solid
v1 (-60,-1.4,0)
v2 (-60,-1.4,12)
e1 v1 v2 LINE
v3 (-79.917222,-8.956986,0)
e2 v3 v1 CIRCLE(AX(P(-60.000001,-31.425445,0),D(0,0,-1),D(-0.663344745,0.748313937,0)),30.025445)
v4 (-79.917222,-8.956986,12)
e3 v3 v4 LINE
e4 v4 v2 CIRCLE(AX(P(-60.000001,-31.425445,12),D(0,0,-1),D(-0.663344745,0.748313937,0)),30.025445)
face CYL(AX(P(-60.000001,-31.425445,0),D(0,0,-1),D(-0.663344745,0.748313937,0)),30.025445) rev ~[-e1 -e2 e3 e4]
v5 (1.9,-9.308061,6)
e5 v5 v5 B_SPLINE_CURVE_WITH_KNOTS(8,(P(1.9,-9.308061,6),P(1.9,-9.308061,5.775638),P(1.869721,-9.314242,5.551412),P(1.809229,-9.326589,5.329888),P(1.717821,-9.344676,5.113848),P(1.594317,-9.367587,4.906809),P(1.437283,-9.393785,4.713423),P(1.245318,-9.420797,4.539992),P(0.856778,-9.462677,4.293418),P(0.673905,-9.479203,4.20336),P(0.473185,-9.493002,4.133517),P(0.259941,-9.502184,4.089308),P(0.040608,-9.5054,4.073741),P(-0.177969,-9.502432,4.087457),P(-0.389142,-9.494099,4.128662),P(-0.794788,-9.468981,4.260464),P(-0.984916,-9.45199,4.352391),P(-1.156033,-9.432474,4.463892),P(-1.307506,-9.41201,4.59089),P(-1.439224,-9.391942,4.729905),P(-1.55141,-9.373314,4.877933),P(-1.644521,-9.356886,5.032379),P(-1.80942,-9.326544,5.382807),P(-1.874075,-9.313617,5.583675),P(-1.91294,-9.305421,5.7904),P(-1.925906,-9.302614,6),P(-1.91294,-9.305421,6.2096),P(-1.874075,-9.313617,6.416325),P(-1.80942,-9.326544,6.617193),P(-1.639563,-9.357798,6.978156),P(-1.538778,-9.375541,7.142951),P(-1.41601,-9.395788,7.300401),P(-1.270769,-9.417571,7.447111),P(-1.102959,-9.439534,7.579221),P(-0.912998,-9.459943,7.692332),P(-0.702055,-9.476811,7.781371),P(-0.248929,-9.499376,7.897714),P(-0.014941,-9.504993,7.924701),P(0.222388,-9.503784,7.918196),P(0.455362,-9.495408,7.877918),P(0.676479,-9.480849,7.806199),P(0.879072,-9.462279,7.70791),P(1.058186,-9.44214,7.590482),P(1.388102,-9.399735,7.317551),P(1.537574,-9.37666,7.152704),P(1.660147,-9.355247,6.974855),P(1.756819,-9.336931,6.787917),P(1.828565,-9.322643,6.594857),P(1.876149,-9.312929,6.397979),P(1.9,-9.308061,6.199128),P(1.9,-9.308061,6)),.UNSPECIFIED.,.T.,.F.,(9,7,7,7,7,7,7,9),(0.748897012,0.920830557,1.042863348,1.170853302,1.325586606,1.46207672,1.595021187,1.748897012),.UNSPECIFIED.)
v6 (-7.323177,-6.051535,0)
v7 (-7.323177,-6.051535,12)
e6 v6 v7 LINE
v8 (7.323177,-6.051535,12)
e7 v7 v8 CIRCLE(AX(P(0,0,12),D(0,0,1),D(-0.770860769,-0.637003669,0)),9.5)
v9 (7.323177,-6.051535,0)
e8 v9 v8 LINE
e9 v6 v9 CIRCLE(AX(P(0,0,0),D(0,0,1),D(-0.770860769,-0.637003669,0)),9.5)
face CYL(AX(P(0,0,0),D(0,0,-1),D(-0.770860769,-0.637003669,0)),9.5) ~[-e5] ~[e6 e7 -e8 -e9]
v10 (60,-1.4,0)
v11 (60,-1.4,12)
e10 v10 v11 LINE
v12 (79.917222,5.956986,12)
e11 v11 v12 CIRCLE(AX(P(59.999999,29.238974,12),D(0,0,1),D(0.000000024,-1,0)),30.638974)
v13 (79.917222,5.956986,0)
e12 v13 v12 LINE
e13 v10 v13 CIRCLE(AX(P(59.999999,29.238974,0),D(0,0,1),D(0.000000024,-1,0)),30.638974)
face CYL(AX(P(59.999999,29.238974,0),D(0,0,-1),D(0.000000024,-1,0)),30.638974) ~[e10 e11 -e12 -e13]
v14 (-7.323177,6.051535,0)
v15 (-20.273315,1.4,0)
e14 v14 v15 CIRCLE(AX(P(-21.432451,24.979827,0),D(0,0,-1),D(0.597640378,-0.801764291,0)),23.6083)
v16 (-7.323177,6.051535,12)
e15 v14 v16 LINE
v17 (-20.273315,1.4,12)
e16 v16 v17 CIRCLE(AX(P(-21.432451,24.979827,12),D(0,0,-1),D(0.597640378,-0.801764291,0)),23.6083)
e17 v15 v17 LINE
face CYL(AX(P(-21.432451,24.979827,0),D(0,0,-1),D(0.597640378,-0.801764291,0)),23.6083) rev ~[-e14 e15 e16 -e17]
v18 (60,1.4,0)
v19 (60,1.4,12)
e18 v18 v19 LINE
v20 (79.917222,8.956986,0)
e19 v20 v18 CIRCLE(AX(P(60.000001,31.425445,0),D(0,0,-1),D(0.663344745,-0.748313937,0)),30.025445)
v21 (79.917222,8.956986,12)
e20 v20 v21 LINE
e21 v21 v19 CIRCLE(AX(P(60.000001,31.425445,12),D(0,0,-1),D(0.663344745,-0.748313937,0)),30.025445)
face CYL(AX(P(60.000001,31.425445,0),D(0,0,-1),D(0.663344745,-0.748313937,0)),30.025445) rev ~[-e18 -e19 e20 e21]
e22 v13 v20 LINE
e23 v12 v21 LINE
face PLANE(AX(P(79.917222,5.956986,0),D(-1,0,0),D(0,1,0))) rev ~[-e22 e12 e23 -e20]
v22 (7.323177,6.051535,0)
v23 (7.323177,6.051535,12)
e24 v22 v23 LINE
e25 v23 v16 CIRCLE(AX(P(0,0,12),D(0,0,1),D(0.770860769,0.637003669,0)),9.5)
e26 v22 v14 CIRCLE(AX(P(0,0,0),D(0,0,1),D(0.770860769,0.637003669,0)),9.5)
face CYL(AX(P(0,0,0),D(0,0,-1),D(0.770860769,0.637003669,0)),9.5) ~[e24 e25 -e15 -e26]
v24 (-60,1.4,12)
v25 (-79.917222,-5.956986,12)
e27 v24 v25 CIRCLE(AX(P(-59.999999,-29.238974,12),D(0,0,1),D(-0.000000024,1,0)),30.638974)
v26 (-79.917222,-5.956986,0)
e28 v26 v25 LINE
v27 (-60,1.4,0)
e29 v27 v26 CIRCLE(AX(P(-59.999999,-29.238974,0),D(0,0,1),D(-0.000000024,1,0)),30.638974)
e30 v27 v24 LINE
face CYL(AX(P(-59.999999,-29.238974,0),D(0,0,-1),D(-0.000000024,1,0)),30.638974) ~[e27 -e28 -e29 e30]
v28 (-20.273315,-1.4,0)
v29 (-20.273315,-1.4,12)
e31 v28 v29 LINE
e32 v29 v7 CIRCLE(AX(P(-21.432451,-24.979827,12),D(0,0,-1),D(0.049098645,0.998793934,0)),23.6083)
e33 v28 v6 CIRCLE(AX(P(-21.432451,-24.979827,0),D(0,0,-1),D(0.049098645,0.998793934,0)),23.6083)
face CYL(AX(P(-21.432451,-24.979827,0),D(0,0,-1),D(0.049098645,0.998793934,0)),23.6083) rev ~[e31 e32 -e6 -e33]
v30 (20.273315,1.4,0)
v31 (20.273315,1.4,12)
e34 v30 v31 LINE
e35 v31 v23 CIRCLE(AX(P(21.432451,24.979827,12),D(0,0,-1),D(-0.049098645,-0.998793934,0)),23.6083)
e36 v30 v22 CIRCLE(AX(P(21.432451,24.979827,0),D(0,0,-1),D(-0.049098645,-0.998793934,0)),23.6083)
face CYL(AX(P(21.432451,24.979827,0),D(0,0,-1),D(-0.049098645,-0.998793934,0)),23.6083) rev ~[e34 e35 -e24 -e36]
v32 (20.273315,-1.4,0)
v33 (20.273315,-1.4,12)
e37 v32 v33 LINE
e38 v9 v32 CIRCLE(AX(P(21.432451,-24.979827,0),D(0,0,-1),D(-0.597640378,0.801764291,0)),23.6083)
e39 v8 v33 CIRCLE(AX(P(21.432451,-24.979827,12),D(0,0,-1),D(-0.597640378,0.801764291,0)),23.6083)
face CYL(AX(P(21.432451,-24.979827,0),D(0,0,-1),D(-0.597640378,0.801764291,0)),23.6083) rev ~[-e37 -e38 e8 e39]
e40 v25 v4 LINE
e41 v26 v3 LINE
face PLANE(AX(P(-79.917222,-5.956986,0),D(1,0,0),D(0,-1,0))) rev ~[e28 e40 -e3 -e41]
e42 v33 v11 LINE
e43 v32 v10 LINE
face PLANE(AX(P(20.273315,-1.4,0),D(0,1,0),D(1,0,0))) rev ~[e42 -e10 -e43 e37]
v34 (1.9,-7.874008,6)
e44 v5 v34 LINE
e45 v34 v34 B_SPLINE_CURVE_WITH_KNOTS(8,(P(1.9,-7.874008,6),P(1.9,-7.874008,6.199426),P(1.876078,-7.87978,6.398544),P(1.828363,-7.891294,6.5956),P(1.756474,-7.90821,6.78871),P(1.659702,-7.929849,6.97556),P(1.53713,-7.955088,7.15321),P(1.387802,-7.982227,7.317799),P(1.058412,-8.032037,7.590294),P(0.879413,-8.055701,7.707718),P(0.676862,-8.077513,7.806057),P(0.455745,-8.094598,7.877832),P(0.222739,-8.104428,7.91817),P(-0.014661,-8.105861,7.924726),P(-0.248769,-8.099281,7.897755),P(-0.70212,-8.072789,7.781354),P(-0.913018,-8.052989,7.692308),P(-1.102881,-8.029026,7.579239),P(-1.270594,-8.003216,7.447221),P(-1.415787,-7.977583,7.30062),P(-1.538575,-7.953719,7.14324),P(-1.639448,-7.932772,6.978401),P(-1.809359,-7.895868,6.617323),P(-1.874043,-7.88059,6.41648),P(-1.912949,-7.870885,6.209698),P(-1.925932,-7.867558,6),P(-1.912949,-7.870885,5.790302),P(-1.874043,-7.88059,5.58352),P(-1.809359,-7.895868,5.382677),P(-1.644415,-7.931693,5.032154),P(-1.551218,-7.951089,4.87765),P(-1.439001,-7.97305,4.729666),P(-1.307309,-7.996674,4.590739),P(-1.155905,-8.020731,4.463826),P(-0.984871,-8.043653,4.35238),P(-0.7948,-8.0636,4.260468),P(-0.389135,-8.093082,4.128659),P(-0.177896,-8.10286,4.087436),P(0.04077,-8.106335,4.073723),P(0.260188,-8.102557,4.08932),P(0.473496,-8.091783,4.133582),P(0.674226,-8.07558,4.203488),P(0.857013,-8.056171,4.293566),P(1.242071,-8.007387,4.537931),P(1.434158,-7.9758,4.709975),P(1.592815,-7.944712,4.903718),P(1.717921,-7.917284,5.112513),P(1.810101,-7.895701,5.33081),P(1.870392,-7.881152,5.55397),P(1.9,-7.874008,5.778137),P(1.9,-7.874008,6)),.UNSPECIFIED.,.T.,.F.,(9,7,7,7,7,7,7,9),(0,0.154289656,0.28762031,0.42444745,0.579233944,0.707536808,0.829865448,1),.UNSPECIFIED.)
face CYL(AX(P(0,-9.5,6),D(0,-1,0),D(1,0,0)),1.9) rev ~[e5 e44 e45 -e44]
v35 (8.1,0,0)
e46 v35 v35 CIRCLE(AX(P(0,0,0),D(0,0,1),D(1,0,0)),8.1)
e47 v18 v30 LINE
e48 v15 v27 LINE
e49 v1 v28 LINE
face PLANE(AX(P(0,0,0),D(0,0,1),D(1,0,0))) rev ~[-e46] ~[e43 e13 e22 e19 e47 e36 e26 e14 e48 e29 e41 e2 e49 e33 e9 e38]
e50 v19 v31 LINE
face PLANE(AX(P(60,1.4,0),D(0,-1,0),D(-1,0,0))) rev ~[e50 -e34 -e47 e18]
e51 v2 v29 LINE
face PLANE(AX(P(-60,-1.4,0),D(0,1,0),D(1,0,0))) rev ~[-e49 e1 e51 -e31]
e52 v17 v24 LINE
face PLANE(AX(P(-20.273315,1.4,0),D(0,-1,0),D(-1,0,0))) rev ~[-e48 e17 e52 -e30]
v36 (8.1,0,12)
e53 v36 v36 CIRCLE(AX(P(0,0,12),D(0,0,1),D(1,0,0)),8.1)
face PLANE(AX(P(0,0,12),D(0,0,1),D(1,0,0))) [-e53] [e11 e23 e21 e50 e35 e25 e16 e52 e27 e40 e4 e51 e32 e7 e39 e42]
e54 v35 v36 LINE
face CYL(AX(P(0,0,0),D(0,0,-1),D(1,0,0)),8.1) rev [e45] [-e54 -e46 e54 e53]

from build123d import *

# Parameters (mm, degrees)
F0_R     = 8.1
F1_DEPTH = 12
F3_R     = 1.9
F4_DEPTH = 8


with BuildPart() as f1:
    # F0 (on Top) → F1 (new body)
    with BuildSketch(Plane.XY):
        with BuildLine():
            ThreePointArc((20.273315, 1.4), (13.451832, 2.761331), (7.323177, 6.051535))
            ThreePointArc((7.323177, 6.051535), (0, 9.5), (-7.323177, 6.051535))
            ThreePointArc((-7.323177, 6.051535), (-13.451832, 2.761331), (-20.273315, 1.4))
            Line((-20.273315, 1.4), (-60, 1.4))
            ThreePointArc((-60, 1.4), (-70.616273, -0.498037), (-79.917222, -5.956986))
            Line((-79.917222, -5.956986), (-79.917222, -8.956986))
            ThreePointArc((-79.917222, -8.956986), (-70.651335, -3.352746), (-60, -1.4))
            Line((-60, -1.4), (-20.273315, -1.4))
            ThreePointArc((-20.273315, -1.4), (-13.451832, -2.761331), (-7.323177, -6.051535))
            ThreePointArc((-7.323177, -6.051535), (0, -9.5), (7.323177, -6.051535))
            ThreePointArc((7.323177, -6.051535), (13.451832, -2.761331), (20.273315, -1.4))
            Line((20.273315, -1.4), (60, -1.4))
            ThreePointArc((60, -1.4), (70.616273, 0.498037), (79.917222, 5.956986))
            Line((79.917222, 5.956986), (79.917222, 8.956986))
            ThreePointArc((79.917222, 8.956986), (70.651335, 3.352746), (60, 1.4))
            Line((60, 1.4), (20.273315, 1.4))
        make_face()
        Circle(F0_R, mode=Mode.SUBTRACT)
    extrude(amount=F1_DEPTH)

    # F3 (on offset) → F4 (cut)
    with BuildSketch(Plane.XZ.offset(9.5)):
        with Locations((0, 6)):
            Circle(F3_R)
    extrude(amount=-F4_DEPTH, mode=Mode.SUBTRACT)


solid = f1.part
